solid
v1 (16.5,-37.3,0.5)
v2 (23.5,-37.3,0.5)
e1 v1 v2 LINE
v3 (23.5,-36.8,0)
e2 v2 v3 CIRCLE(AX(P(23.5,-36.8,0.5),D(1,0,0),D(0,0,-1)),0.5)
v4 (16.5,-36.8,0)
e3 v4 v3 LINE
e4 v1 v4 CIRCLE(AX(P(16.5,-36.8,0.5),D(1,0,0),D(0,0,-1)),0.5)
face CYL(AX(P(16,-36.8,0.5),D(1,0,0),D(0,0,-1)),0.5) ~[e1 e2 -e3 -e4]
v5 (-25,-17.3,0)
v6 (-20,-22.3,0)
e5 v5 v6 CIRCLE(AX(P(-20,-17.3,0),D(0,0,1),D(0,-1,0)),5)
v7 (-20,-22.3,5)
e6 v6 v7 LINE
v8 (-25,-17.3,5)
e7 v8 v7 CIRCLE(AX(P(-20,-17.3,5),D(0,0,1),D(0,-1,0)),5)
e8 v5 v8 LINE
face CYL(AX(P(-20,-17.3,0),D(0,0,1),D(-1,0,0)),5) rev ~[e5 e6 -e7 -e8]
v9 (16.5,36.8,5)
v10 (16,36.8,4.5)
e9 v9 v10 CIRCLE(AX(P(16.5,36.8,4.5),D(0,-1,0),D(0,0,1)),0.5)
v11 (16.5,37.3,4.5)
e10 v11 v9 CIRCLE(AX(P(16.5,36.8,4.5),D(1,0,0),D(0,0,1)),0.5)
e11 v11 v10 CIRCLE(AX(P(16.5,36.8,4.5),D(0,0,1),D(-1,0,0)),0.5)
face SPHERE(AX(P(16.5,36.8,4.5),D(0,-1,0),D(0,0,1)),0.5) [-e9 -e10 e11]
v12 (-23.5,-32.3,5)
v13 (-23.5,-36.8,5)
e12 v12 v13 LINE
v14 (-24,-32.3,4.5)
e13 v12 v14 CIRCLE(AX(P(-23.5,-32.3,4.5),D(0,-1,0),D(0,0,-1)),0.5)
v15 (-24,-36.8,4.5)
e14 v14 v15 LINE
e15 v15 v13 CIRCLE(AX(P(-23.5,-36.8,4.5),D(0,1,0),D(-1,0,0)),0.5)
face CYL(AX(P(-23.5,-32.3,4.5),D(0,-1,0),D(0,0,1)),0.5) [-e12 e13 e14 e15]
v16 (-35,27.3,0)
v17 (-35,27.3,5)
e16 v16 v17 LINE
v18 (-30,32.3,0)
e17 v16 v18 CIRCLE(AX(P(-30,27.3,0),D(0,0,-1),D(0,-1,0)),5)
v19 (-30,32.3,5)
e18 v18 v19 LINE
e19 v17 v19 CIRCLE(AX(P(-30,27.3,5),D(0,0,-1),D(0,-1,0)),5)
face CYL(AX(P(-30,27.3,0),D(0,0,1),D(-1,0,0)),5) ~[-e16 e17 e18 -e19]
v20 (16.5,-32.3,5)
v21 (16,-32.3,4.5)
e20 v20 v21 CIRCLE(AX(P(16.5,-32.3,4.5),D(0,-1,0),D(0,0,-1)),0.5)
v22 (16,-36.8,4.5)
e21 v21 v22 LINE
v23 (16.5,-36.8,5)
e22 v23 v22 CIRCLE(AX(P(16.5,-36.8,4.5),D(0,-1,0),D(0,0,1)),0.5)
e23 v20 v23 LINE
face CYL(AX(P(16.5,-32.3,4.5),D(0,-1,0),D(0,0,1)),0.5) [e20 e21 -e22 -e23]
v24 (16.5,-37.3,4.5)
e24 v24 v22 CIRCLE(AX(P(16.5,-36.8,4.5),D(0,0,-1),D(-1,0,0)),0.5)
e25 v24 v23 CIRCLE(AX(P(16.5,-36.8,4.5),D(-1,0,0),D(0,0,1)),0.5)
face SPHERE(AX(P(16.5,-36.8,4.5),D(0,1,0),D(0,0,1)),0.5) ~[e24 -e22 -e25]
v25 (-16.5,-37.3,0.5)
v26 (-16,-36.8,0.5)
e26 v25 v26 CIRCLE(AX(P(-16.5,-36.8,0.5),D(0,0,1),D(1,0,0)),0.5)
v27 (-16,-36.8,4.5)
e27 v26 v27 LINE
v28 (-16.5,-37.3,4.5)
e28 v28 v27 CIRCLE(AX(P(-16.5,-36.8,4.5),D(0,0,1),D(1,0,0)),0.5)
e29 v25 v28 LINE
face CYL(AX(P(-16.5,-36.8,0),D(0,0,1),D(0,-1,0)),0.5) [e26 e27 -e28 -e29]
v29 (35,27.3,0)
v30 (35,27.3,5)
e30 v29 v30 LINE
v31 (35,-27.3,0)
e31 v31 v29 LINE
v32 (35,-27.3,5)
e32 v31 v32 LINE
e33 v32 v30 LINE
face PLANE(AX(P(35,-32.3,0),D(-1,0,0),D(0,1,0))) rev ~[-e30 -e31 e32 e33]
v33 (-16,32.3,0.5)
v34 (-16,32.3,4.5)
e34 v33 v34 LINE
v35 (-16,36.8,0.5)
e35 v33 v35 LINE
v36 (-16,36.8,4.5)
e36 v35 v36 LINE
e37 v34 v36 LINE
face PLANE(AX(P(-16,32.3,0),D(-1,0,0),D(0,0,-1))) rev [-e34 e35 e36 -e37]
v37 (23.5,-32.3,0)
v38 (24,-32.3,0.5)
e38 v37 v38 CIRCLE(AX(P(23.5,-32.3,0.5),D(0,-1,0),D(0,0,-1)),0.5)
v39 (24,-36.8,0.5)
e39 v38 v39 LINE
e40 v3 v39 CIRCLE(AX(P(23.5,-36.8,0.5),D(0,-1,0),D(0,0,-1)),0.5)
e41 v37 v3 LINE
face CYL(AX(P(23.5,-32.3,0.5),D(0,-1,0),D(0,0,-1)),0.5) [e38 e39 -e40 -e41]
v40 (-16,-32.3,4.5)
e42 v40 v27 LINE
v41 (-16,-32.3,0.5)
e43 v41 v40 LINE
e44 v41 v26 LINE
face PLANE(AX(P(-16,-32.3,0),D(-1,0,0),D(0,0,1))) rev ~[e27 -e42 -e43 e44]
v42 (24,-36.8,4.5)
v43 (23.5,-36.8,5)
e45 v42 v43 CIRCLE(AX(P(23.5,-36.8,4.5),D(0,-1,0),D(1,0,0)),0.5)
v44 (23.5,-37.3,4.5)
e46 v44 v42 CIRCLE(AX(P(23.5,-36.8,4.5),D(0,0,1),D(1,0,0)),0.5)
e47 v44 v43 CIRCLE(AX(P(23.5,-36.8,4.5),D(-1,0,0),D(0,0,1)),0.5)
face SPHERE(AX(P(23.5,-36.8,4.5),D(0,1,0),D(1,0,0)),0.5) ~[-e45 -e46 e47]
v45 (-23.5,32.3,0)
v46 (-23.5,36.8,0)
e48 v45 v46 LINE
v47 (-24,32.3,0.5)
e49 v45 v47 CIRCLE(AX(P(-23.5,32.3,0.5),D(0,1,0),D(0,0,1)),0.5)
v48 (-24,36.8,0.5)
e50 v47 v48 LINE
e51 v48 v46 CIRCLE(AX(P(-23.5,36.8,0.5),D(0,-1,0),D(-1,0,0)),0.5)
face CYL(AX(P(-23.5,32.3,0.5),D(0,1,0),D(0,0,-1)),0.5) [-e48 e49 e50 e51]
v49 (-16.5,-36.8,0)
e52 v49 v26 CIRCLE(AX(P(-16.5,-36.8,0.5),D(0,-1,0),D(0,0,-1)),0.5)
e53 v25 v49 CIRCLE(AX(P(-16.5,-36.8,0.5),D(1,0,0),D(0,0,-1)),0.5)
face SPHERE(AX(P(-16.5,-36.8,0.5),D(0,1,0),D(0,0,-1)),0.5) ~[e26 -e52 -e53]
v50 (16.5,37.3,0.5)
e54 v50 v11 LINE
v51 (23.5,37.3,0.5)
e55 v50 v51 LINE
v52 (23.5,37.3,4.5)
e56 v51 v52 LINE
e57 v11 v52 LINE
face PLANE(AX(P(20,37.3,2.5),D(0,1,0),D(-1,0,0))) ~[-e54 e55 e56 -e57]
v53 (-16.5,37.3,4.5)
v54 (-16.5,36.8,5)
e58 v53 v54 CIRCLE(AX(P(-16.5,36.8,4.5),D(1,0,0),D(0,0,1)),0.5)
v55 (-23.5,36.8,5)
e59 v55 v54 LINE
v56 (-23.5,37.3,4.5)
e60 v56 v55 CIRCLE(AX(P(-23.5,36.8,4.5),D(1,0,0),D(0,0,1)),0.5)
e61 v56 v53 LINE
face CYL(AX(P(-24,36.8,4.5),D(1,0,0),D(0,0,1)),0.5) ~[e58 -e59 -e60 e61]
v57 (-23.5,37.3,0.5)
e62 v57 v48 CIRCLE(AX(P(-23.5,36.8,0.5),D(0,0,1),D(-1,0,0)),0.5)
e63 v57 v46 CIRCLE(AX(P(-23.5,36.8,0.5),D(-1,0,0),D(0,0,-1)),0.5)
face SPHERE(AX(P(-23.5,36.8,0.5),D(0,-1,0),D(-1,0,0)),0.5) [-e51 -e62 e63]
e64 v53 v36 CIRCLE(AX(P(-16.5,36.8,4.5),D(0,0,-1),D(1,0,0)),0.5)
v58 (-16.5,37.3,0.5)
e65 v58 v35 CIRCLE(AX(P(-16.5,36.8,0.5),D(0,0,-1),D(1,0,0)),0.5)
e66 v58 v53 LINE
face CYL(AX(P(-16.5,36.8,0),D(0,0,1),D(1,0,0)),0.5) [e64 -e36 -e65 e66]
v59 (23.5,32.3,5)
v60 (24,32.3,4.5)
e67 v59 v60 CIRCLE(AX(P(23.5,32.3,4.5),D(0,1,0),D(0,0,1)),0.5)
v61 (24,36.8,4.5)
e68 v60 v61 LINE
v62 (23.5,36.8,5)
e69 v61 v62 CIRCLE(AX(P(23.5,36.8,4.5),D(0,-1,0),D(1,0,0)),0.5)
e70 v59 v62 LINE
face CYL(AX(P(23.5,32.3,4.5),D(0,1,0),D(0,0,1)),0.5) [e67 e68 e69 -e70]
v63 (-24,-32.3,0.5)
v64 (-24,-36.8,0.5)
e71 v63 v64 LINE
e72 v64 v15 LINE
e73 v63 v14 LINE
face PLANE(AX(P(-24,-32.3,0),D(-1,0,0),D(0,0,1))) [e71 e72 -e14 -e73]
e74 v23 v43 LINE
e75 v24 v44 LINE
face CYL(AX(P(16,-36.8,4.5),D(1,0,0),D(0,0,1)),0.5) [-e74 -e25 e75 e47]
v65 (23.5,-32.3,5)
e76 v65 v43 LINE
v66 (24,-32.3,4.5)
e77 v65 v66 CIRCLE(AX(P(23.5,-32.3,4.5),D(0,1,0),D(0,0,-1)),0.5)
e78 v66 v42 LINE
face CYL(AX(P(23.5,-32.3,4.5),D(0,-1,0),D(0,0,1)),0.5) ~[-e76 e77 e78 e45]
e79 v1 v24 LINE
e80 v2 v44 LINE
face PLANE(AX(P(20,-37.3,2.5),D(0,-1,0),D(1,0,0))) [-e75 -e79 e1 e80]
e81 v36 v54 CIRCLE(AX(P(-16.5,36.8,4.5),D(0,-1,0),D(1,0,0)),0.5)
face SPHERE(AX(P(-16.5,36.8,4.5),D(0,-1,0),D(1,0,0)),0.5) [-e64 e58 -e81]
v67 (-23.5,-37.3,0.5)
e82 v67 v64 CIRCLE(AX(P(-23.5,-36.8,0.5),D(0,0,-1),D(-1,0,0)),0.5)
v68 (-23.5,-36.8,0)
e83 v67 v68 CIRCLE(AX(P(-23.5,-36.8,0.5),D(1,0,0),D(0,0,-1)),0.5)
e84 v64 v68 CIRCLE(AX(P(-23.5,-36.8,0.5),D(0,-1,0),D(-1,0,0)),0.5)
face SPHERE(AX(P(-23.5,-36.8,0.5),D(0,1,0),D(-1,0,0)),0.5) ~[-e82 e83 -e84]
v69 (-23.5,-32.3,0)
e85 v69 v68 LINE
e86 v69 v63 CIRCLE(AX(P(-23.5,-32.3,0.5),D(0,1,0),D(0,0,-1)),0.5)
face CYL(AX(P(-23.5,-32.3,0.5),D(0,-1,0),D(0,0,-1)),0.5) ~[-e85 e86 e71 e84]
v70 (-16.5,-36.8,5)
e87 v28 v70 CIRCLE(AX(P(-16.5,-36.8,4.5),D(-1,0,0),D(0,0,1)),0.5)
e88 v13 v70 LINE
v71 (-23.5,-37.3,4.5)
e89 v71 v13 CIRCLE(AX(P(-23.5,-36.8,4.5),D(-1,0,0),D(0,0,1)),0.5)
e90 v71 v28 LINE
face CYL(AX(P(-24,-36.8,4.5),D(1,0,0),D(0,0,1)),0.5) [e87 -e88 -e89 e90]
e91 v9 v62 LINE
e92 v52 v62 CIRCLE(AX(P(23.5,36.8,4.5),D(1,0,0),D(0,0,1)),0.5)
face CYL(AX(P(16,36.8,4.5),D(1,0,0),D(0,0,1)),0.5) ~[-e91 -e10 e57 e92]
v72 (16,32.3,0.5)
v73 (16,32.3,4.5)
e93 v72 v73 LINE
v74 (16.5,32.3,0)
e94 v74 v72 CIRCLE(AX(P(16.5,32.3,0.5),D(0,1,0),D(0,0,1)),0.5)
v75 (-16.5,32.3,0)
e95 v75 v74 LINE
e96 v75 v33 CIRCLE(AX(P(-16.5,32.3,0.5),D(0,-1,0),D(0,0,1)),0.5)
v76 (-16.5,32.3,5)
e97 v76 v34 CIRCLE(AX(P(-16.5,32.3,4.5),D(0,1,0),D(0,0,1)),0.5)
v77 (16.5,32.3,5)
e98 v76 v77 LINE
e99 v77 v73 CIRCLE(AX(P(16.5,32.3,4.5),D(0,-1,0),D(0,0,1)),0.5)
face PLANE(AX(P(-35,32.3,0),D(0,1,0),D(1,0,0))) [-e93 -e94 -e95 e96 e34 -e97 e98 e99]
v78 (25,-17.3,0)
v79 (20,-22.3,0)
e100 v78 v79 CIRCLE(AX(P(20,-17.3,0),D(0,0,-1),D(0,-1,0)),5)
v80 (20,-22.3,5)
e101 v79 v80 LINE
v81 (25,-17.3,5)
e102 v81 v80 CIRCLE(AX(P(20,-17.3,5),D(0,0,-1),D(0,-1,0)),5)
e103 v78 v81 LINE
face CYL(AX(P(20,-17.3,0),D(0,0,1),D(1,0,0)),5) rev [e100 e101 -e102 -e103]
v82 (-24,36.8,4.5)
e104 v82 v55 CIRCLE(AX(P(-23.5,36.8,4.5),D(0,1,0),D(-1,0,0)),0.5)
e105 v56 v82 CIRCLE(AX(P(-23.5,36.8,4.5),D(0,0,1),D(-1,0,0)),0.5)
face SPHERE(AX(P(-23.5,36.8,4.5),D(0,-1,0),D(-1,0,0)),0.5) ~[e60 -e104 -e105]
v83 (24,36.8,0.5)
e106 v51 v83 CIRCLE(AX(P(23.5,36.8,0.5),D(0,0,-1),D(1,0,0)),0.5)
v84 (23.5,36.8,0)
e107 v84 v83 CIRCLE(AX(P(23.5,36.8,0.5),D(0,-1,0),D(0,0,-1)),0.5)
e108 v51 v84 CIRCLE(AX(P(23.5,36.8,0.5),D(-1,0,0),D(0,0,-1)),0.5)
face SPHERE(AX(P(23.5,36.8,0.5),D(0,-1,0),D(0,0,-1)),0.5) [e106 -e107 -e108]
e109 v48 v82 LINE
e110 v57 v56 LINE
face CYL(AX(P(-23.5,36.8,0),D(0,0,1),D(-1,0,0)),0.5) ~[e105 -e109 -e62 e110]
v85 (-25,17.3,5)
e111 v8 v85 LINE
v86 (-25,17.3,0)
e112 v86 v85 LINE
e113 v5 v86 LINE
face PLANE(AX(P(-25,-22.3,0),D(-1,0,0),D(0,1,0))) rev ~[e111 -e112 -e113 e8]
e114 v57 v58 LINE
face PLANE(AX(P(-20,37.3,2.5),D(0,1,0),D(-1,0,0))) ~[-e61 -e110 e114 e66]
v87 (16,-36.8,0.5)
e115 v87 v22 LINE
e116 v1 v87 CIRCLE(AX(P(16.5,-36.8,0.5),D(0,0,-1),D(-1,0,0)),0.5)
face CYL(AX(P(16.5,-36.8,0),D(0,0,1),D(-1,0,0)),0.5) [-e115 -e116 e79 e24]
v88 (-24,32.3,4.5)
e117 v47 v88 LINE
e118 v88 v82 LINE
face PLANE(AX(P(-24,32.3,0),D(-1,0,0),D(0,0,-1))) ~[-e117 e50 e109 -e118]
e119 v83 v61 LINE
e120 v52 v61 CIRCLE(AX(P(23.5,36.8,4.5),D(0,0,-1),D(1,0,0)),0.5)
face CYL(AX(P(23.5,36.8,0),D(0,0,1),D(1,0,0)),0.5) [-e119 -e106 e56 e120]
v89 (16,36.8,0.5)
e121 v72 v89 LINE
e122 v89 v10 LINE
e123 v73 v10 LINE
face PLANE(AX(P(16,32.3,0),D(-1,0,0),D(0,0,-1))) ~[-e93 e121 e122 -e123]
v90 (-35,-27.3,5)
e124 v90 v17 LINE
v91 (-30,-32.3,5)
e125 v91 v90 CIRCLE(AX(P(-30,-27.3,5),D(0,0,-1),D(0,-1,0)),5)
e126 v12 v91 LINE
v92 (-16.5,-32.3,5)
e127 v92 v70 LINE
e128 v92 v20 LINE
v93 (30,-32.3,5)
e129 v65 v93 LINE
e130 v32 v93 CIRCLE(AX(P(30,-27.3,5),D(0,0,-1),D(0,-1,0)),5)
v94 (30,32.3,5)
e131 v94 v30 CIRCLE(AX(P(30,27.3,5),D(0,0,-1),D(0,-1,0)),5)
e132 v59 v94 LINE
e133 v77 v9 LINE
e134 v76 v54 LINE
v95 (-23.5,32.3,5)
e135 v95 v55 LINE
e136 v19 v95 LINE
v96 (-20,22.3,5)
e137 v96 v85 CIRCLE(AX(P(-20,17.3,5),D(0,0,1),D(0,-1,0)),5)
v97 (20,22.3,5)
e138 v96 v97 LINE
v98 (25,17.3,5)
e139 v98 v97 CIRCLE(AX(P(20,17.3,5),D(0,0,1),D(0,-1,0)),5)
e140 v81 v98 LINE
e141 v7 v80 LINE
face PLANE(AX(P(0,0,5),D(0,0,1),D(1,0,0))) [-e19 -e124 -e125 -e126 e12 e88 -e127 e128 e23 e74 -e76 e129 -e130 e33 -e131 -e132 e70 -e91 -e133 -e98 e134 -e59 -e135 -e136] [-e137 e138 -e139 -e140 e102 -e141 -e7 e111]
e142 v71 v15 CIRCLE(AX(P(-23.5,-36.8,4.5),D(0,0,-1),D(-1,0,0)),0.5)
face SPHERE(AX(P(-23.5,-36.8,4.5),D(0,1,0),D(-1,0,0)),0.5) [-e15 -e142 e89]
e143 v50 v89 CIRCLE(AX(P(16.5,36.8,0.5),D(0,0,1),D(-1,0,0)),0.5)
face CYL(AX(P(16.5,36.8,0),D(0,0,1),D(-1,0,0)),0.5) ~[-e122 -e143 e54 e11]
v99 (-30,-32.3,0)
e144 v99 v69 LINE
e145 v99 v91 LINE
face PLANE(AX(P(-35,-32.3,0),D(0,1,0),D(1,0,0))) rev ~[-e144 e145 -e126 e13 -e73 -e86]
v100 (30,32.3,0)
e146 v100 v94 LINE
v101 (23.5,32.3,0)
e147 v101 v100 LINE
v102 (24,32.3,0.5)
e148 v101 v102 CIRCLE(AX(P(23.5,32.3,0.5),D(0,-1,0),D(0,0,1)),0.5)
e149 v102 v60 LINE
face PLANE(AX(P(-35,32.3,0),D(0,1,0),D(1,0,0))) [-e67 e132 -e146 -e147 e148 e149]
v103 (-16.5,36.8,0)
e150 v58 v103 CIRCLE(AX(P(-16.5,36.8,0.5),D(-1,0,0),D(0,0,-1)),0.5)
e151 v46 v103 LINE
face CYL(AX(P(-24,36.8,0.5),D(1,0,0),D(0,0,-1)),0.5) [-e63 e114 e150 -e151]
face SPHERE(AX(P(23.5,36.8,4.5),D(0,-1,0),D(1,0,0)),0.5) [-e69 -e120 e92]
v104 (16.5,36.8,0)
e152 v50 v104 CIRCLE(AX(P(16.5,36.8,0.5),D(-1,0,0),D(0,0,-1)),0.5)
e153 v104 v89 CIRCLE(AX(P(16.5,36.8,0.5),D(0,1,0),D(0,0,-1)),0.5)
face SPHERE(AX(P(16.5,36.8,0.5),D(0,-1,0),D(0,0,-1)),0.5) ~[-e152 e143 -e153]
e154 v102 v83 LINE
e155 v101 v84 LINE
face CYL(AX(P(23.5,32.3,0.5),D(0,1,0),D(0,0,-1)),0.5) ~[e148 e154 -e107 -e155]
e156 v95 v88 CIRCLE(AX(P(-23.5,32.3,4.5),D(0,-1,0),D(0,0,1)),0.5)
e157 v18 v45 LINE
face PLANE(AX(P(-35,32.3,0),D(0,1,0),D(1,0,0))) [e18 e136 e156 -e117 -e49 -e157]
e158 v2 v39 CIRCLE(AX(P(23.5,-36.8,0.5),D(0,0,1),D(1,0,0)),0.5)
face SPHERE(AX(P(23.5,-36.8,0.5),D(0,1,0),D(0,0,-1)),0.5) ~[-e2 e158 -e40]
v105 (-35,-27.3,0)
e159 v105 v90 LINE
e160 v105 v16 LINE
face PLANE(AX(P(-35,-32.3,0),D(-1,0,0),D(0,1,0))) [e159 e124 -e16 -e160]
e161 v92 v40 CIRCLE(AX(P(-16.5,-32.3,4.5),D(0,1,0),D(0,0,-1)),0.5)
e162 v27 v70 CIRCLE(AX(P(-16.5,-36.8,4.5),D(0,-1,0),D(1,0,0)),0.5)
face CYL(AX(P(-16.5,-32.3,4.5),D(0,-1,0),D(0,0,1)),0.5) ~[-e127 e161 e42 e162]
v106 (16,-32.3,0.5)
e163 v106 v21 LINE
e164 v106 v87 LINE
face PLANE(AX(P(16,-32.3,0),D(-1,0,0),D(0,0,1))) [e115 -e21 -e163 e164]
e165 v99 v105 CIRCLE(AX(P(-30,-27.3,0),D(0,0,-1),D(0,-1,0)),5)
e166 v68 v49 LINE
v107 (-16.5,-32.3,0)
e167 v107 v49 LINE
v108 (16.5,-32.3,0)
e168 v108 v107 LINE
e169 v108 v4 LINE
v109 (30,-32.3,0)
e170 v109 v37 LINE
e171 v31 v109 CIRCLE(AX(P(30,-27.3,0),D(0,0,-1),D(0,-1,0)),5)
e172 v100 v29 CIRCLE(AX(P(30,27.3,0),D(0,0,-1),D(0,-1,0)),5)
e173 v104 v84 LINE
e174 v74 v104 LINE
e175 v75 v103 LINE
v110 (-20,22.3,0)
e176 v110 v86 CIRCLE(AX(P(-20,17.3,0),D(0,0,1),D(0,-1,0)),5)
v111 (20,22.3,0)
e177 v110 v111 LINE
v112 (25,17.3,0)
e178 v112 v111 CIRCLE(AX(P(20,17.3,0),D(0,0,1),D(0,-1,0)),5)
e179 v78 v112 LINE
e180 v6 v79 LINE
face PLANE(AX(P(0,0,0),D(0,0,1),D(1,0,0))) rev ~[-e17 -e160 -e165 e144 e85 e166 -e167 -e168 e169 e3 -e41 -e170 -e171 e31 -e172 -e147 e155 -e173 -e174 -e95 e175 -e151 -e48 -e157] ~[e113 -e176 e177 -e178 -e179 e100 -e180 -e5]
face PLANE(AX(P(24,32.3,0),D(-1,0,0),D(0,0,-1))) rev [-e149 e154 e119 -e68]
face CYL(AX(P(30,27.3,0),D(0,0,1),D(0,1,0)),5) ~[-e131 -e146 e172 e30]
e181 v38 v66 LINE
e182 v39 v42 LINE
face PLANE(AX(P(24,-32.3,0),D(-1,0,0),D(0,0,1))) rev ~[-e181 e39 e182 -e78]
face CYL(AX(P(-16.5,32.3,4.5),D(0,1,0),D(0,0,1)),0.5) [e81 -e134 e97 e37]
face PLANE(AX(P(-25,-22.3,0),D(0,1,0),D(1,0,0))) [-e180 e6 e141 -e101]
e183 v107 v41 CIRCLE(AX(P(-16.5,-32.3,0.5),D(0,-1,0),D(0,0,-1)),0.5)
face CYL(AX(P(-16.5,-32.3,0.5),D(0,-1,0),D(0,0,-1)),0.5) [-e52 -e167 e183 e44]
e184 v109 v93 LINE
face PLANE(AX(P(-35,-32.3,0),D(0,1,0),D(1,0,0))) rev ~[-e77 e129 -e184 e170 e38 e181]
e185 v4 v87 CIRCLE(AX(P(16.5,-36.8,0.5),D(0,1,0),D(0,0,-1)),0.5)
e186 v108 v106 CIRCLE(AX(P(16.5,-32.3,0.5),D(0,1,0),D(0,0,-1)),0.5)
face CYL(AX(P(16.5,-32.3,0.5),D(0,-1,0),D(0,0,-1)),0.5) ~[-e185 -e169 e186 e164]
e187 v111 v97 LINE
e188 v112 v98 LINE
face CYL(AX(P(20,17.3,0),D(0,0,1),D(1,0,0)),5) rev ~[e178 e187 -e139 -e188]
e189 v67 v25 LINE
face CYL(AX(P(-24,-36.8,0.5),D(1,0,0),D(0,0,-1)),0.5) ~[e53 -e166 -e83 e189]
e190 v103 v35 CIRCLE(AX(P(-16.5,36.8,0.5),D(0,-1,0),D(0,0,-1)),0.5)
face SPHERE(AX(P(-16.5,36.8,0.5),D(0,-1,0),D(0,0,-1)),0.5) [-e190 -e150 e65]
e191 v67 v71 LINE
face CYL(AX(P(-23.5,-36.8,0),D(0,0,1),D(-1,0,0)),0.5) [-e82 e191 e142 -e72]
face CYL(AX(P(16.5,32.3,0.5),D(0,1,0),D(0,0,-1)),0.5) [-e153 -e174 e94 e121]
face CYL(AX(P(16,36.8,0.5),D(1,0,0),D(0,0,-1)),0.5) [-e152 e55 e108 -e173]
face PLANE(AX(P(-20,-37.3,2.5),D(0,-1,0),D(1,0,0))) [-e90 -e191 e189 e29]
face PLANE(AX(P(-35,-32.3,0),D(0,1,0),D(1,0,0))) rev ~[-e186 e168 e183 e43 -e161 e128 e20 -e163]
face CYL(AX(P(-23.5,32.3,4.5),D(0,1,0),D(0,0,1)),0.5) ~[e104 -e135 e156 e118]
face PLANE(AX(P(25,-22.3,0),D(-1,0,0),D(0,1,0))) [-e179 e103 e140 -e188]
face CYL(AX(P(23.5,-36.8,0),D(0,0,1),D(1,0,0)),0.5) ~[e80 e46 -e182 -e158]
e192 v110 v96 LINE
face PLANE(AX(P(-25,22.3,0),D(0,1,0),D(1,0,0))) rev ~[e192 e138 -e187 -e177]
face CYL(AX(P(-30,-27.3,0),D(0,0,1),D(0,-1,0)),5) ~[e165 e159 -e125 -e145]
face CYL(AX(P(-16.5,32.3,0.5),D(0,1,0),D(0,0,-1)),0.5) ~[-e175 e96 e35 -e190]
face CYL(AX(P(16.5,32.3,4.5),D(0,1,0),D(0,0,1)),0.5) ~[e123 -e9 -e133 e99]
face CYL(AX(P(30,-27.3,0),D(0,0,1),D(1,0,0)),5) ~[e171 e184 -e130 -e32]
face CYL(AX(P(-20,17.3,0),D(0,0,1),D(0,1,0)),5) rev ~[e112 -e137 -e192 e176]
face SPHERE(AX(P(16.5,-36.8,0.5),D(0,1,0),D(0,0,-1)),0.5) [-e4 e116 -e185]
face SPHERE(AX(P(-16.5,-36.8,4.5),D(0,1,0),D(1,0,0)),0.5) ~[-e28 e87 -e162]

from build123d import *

# Parameters (mm, degrees)
CROQUIS1_W               = 70
CROQUIS1_H               = 64.6
CROQUIS1_W_2             = 50
CROQUIS1_H_2             = 44.6
SALIENTE_EXTRUIR1_DEPTH  = 5
CROQUIS2_W               = 8
CROQUIS2_H               = 5
SALIENTE_EXTRUIR2_DEPTH  = 5
REDONDEO1_R              = 0.5
REDONDEO1_OF_SIMETR_A1_R = 0.5
REDONDEO2_R              = 5


with BuildPart() as part:
    # Croquis1 → Saliente-Extruir1 (new body)
    with BuildSketch(Plane.XY):
        Rectangle(CROQUIS1_W, CROQUIS1_H)
        Rectangle(CROQUIS1_W_2, CROQUIS1_H_2, mode=Mode.SUBTRACT)
    extrude(amount=SALIENTE_EXTRUIR1_DEPTH)

    # Croquis2 → Saliente-Extruir2 (add)
    with BuildSketch(Plane.XZ.offset(32.3)):
        with Locations((-20, 2.5)):
            Rectangle(CROQUIS2_W, CROQUIS2_H)
        with Locations((20, 2.5)):
            Rectangle(CROQUIS2_W, CROQUIS2_H)
    saliente_extruir2 = extrude(amount=SALIENTE_EXTRUIR2_DEPTH)

    # Redondeo1
    redondeo1_edges = [part.edges().sort_by_distance(p)[0] for p in [
        (-24, -34.8, 5),
        (-24, -34.8, 0),
        (-16, -34.8, 0),
        (-16, -34.8, 5),
        (-24, -37.3, 2.5),
        (-20, -37.3, 0),
        (-16, -37.3, 2.5),
        (-20, -37.3, 5),
        (16, -34.8, 0),
        (24, -34.8, 0),
        (24, -34.8, 5),
        (16, -34.8, 5),
        (20, -37.3, 0),
        (24, -37.3, 2.5),
        (20, -37.3, 5),
        (16, -37.3, 2.5),
    ]]
    fillet(redondeo1_edges, radius=REDONDEO1_R)

    # Simetría1: Saliente-Extruir2 across plane
    add(saliente_extruir2.mirror(Plane.ZX))

    # Redondeo1 of Simetría1
    redondeo1_of_simetr_a1_edges = [part.edges().sort_by_distance(p)[0] for p in [
        (-24, 34.8, 5),
        (-24, 34.8, 0),
        (-16, 34.8, 0),
        (-16, 34.8, 5),
        (-24, 37.3, 2.5),
        (-20, 37.3, 0),
        (-16, 37.3, 2.5),
        (-20, 37.3, 5),
        (16, 34.8, 0),
        (24, 34.8, 0),
        (24, 34.8, 5),
        (16, 34.8, 5),
        (20, 37.3, 0),
        (24, 37.3, 2.5),
        (20, 37.3, 5),
        (16, 37.3, 2.5),
    ]]
    fillet(redondeo1_of_simetr_a1_edges, radius=REDONDEO1_OF_SIMETR_A1_R)

    # Redondeo2
    redondeo2_edges = [part.edges().sort_by_distance(p)[0] for p in [
        (-25, 22.3, 2.5),
        (-25, -22.3, 2.5),
        (25, -22.3, 2.5),
        (25, 22.3, 2.5),
        (-35, 32.3, 2.5),
        (35, 32.3, 2.5),
        (35, -32.3, 2.5),
        (-35, -32.3, 2.5),
    ]]
    fillet(redondeo2_edges, radius=REDONDEO2_R)


solid = part.part
